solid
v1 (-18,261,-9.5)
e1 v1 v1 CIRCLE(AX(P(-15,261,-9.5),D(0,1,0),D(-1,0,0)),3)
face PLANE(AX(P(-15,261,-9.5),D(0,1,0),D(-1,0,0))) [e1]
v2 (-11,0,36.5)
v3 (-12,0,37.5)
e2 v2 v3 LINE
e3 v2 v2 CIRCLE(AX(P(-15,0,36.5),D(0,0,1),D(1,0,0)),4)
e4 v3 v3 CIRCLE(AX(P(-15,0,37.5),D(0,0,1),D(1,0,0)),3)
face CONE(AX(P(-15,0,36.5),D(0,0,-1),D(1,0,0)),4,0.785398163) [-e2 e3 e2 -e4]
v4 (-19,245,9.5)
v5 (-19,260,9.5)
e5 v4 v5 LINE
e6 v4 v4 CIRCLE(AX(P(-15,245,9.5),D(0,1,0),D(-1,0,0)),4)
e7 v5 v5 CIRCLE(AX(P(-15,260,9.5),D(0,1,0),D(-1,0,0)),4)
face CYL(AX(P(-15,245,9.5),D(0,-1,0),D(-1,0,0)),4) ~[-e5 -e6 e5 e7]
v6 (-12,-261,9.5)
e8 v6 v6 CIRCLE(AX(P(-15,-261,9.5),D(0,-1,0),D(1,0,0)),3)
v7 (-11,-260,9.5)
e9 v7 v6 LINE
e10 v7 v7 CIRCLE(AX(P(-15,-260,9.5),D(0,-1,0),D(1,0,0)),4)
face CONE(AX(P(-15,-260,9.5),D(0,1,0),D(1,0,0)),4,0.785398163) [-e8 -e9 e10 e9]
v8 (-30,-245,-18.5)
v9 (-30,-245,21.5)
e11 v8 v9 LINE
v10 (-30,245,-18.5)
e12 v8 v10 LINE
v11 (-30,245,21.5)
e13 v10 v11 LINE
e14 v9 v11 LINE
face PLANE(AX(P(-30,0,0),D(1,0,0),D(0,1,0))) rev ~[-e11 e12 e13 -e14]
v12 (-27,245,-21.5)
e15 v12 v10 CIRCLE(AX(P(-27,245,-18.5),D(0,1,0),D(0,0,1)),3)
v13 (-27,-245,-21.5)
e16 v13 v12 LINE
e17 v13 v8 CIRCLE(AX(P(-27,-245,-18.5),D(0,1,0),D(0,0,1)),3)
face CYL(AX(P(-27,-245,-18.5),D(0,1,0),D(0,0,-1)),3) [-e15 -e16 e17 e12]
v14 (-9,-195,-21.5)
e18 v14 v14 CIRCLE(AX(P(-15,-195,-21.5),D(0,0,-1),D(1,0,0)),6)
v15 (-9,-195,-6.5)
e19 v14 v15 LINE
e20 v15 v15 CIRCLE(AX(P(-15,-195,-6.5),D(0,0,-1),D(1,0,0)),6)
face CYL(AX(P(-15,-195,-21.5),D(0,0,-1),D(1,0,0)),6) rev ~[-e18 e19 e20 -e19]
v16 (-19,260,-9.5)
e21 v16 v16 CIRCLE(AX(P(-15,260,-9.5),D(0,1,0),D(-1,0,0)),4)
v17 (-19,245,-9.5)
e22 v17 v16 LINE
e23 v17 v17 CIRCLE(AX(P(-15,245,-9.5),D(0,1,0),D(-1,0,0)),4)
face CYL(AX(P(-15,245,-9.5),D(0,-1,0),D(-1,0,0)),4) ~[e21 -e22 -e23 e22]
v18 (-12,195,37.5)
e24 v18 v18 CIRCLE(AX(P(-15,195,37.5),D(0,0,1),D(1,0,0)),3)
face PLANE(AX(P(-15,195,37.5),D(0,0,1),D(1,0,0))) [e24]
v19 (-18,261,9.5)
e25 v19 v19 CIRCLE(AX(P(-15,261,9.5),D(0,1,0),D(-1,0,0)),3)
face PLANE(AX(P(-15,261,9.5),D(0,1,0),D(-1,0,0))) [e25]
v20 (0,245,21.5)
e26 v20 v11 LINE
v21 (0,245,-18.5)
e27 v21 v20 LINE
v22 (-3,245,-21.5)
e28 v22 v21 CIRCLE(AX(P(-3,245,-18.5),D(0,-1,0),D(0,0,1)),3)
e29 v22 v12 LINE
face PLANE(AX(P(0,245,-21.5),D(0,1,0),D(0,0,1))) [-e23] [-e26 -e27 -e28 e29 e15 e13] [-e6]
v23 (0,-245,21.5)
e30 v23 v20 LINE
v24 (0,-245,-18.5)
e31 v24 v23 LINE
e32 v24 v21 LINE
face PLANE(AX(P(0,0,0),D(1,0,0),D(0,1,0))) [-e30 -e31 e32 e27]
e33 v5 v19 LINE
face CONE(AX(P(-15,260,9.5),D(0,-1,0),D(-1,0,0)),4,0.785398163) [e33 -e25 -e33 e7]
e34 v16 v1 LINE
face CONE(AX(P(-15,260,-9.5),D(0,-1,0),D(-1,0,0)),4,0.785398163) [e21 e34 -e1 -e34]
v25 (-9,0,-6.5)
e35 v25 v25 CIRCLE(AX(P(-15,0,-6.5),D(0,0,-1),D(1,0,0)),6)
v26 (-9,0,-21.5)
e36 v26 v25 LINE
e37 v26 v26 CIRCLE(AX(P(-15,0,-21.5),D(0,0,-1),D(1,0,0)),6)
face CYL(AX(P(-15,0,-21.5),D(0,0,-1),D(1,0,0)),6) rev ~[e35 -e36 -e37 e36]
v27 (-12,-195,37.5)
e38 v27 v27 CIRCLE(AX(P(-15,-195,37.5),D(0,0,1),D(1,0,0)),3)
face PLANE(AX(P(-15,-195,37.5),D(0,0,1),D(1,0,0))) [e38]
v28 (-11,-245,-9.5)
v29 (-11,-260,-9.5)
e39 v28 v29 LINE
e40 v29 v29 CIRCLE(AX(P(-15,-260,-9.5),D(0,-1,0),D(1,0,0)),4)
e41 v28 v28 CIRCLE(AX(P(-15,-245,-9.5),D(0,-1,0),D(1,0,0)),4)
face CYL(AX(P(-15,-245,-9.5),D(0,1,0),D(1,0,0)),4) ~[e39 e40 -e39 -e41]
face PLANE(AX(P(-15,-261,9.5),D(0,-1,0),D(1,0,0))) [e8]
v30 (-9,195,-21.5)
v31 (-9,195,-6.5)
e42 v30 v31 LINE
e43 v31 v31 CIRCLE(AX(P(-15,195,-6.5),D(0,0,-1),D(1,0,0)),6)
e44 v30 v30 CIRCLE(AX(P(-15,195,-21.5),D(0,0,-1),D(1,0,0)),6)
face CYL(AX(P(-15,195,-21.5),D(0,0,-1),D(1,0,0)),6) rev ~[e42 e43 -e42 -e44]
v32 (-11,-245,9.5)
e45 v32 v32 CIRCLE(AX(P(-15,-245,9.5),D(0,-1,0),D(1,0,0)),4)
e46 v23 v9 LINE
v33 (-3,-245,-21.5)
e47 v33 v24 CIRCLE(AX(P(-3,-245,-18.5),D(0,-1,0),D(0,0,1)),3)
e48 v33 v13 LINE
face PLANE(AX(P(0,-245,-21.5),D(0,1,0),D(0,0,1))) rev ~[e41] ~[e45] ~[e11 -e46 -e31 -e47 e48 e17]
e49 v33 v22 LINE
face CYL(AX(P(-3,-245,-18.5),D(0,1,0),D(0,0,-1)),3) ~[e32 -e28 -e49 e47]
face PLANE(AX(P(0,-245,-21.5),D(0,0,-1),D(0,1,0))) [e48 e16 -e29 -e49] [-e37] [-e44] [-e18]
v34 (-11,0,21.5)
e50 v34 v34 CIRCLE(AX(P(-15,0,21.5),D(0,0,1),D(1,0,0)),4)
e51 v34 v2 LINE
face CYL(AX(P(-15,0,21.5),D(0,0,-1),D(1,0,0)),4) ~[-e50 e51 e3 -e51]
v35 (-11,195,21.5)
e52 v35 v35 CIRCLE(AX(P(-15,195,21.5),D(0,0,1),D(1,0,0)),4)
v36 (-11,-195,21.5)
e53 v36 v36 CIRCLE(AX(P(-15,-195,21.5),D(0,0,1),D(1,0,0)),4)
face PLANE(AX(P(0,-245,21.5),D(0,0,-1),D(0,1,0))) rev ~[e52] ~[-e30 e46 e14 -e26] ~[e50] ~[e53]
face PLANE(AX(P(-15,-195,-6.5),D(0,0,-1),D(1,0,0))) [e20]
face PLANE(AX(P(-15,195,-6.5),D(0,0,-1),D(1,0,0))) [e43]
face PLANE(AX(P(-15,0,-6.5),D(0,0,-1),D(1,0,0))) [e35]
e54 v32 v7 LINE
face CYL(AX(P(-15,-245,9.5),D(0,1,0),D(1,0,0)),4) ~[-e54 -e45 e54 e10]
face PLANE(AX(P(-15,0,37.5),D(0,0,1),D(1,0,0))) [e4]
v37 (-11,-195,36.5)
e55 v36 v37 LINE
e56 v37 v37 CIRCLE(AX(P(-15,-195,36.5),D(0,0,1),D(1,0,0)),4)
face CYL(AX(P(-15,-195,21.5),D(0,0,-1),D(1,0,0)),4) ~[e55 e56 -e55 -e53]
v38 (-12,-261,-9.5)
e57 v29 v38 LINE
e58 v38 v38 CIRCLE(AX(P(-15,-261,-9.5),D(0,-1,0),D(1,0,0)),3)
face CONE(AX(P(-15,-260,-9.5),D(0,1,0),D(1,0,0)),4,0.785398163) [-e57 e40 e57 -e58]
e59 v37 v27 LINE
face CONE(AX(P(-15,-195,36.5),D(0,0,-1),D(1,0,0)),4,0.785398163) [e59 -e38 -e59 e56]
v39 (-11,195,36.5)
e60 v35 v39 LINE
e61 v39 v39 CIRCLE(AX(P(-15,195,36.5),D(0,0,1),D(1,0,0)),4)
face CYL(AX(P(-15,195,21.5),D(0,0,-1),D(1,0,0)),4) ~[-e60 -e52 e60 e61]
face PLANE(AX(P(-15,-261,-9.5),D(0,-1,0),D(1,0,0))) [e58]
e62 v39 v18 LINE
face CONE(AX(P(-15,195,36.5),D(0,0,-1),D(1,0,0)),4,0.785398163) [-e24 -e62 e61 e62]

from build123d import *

# Parameters (mm, degrees)
F0_W      = 490
F0_H      = 43
F1_DEPTH  = 30
F2_R      = 4
F3_DEPTH  = 16
F4_SIZE   = 1
F5_R      = 4
F6_DEPTH  = 16
F7_SIZE   = 1
F8_R      = 3
F9_R      = 6
F10_DEPTH = 15
F11_R     = 4
F12_DEPTH = 16
F13_SIZE  = 1


with BuildPart() as f1:
    # F0 (on Right) → F1 (new body)
    with BuildSketch(Plane.YZ):
        Rectangle(F0_W, F0_H)
    extrude(amount=-F1_DEPTH)

    # F2 (on face) → F3 (join)
    with BuildSketch(Plane(origin=(0, 245, 0), x_dir=(-1, 0, 0), z_dir=(0, 1, 0))):
        with Locations((15, 9.5)):
            Circle(F2_R)
        with Locations((15, -9.5)):
            Circle(F2_R)
    extrude(amount=F3_DEPTH)

    # F4
    f4_edges = [f1.edges().sort_by_distance(p)[0] for p in [
        (-11, 261, 9.5),
        (-11, 261, -9.5),
    ]]
    chamfer(f4_edges, length=F4_SIZE)

    # F5 (on face) → F6 (join)
    with BuildSketch(Plane.XZ.offset(245)):
        with Locations((-15, 9.5)):
            Circle(F5_R)
        with Locations((-15, -9.5)):
            Circle(F5_R)
    extrude(amount=F6_DEPTH)

    # F7
    f7_edges = [f1.edges().sort_by_distance(p)[0] for p in [
        (-19, -261, 9.5),
        (-19, -261, -9.5),
    ]]
    chamfer(f7_edges, length=F7_SIZE)

    # F8
    f8_edges = [f1.edges().sort_by_distance(p)[0] for p in [
        (-30, 0, -21.5),
        (0, 0, -21.5),
    ]]
    fillet(f8_edges, radius=F8_R)

    # F9 (on face) → F10 (cut)
    with BuildSketch(Plane(origin=(0, 0, -21.5), x_dir=(1, 0, 0), z_dir=(0, 0, -1))):
        with Locations((-15, 195)):
            Circle(F9_R)
        with Locations((-15, 0)):
            Circle(F9_R)
        with Locations((-15, -195)):
            Circle(F9_R)
    extrude(amount=-F10_DEPTH, mode=Mode.SUBTRACT)

    # F11 (on face) → F12 (join)
    with BuildSketch(Plane.XY.offset(21.5)):
        with Locations((-15, 195)):
            Circle(F11_R)
        with Locations((-15, 0)):
            Circle(F11_R)
        with Locations((-15, -195)):
            Circle(F11_R)
    extrude(amount=F12_DEPTH)

    # F13
    f13_edges = [f1.edges().sort_by_distance(p)[0] for p in [
        (-19, 195, 37.5),
        (-19, 0, 37.5),
        (-19, -195, 37.5),
    ]]
    chamfer(f13_edges, length=F13_SIZE)


solid = f1.part
